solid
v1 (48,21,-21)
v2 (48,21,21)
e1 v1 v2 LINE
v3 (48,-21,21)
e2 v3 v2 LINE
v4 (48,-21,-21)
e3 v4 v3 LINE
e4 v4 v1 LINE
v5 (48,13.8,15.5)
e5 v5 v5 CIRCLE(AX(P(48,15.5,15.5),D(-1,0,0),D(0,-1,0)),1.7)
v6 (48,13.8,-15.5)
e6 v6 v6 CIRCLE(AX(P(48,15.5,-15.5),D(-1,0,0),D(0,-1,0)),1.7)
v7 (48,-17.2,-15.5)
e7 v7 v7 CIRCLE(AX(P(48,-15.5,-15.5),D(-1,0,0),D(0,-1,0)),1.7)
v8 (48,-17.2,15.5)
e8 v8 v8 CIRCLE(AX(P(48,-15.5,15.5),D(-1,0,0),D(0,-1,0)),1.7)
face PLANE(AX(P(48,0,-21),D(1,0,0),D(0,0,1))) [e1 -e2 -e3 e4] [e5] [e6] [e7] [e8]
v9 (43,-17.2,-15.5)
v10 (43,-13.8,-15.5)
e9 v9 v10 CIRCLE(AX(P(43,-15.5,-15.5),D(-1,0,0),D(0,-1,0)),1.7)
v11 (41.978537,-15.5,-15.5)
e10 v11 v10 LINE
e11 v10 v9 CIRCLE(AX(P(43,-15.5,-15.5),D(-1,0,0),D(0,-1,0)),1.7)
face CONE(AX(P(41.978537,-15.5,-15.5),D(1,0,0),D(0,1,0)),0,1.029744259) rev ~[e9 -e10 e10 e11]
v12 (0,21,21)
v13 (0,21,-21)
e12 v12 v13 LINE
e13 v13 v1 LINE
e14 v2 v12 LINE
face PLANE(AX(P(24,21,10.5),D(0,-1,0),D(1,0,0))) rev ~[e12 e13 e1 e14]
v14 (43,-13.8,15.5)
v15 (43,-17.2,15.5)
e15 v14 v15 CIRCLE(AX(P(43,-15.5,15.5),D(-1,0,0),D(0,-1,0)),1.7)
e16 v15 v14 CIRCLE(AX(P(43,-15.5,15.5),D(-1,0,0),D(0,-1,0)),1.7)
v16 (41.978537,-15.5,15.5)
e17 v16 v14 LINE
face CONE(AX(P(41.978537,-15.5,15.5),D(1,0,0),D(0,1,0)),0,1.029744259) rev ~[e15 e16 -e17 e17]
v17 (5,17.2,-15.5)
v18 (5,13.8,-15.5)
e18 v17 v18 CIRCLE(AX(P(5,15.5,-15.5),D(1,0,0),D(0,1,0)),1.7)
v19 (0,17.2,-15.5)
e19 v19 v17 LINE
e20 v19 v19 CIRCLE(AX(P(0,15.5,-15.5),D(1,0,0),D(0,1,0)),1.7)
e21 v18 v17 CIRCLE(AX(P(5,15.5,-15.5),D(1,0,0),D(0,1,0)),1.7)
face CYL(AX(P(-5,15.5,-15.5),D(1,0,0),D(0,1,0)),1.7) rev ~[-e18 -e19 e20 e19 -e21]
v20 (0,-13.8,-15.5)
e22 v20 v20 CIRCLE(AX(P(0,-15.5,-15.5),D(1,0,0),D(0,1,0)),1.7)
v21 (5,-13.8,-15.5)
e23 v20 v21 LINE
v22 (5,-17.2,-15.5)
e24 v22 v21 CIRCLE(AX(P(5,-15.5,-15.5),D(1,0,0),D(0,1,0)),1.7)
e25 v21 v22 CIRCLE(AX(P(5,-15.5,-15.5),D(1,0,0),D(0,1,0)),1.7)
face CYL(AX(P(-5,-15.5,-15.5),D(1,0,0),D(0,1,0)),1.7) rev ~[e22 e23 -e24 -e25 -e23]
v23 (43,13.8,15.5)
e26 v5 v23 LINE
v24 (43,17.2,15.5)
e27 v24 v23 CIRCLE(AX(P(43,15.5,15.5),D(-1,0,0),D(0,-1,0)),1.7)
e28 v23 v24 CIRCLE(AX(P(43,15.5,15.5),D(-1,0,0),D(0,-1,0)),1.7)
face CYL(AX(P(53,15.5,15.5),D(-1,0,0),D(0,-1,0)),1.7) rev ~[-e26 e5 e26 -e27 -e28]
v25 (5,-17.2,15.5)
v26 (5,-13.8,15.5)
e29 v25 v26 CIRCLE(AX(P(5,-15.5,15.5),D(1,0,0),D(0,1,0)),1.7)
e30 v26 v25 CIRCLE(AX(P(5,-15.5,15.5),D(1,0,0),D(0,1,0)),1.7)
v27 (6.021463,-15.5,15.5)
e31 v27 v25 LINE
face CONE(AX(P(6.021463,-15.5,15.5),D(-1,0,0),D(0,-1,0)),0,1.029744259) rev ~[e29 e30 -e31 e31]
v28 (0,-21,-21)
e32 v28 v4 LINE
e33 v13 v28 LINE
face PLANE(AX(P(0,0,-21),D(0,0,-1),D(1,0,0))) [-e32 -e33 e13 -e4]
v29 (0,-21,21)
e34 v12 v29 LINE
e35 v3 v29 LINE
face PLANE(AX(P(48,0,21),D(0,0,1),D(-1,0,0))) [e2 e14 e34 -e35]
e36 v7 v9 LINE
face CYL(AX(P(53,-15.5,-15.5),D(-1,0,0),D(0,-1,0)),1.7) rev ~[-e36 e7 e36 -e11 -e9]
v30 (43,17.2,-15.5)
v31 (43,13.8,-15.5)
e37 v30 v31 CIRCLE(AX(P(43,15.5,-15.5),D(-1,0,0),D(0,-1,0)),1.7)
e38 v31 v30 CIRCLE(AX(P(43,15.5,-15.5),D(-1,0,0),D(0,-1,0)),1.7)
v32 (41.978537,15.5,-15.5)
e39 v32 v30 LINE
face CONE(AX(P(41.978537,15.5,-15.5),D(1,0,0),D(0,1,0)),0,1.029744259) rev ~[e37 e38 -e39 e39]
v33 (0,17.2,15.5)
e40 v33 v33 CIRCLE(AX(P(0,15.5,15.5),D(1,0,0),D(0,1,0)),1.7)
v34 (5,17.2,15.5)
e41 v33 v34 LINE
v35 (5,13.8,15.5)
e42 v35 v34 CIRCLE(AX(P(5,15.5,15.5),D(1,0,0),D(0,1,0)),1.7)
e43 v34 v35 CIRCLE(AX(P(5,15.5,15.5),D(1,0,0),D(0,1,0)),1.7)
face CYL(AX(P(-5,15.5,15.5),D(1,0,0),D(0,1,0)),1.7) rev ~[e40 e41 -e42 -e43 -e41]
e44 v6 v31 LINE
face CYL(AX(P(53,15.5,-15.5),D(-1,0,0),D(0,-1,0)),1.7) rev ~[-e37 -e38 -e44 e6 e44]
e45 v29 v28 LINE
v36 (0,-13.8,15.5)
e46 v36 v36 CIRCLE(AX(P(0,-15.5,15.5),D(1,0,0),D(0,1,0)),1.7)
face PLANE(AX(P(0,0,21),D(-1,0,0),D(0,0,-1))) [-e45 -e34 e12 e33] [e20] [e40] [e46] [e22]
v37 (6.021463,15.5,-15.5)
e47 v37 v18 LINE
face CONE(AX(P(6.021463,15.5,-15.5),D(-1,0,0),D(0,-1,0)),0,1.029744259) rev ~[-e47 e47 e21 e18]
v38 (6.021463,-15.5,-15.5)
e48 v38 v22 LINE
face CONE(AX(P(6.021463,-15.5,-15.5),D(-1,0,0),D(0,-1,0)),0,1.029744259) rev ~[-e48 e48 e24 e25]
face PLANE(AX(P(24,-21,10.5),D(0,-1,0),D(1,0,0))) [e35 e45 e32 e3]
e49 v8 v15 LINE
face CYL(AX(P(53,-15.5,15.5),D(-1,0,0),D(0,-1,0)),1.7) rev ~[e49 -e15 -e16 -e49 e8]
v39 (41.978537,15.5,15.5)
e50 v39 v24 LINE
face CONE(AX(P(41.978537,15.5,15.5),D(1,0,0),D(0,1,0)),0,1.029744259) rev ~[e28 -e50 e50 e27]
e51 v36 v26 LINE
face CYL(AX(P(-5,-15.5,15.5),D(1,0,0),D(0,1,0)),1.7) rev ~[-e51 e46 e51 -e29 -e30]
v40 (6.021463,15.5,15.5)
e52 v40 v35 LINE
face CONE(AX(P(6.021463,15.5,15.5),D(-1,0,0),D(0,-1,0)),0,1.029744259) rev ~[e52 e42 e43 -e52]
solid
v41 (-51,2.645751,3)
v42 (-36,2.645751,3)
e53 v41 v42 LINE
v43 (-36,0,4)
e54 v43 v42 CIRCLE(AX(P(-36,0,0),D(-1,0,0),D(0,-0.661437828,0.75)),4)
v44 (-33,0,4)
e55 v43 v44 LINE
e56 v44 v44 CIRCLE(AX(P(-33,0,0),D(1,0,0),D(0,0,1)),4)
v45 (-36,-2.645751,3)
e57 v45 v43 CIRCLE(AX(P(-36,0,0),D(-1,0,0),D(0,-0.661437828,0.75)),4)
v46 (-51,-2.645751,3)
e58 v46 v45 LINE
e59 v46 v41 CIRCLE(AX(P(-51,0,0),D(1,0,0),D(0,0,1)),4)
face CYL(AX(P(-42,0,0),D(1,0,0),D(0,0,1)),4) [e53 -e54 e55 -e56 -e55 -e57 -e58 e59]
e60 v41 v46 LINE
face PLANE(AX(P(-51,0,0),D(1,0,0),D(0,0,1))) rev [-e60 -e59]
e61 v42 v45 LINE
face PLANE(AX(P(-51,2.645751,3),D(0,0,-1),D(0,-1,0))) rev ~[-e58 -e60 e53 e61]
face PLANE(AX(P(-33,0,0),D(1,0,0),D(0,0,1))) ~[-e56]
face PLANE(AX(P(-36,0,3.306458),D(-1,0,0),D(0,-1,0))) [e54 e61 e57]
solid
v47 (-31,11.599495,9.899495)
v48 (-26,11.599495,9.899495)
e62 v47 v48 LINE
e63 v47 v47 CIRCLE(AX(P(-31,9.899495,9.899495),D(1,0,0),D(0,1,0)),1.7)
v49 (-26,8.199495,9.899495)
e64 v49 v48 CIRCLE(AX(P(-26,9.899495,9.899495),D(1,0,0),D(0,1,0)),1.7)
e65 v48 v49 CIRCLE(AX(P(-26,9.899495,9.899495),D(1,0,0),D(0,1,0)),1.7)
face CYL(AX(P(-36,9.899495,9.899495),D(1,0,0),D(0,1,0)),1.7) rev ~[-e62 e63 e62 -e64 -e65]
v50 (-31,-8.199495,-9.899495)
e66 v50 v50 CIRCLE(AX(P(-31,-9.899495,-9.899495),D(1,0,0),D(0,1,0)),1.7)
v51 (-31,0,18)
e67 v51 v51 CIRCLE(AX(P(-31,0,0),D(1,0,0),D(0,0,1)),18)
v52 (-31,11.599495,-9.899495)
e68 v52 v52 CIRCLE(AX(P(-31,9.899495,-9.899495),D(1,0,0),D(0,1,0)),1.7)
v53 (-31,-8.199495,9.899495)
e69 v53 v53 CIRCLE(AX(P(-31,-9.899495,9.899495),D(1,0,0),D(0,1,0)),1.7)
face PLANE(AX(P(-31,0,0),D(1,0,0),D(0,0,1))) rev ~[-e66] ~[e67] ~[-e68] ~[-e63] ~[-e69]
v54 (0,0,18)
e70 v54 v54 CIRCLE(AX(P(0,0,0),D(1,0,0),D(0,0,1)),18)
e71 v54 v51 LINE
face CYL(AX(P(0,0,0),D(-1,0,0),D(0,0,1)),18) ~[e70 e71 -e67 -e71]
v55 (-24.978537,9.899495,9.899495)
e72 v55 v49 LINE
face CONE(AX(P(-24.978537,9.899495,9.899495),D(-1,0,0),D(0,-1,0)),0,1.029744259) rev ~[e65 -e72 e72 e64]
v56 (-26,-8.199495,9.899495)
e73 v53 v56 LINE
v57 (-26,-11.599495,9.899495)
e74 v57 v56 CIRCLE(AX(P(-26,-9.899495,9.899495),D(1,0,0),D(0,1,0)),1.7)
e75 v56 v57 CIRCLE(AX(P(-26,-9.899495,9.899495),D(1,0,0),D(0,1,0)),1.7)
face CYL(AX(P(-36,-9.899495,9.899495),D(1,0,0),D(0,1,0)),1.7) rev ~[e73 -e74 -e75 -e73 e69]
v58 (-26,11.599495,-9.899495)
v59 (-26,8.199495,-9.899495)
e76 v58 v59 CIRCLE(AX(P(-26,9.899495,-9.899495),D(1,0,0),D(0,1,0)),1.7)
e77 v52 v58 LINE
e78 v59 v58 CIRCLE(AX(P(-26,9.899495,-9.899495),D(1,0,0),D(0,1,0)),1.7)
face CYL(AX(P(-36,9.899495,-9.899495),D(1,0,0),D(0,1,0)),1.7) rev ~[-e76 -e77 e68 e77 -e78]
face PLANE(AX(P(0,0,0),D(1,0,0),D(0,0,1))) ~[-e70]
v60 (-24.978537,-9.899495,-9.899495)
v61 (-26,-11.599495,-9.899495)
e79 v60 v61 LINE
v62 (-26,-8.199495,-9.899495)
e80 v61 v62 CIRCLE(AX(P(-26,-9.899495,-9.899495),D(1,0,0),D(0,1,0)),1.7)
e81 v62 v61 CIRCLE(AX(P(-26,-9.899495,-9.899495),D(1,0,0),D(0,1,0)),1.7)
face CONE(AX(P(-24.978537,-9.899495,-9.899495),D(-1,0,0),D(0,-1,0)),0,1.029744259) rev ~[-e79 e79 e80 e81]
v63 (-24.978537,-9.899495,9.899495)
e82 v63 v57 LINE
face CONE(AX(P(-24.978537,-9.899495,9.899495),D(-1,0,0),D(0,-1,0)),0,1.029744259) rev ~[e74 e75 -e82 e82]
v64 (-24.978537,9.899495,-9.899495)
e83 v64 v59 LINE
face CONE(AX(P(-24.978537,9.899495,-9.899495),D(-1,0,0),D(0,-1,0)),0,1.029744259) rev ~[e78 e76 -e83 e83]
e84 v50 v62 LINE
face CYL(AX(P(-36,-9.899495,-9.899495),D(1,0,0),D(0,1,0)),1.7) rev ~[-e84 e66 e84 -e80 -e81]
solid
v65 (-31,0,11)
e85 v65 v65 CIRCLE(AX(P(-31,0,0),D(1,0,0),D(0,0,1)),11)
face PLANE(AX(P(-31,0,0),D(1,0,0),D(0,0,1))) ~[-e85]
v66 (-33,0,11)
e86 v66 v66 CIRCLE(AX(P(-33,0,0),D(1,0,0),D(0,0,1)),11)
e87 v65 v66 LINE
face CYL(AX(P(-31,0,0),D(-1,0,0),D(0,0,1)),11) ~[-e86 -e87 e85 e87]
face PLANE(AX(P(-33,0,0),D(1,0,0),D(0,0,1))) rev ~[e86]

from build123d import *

# Parameters (mm, degrees)
F1_DEPTH        = 21
F0_W            = 18
F0_H            = 4
F6_DEPTH        = 15
F10_D           = 3.4
F10_DEPTH       = 5
F10_TIP         = 1.0214630523
F10_ON_F7_D     = 3.4
F10_ON_F7_DEPTH = 5
F10_ON_F7_TIP   = 1.0214630523
F10_ON_F8_D     = 3.4
F10_ON_F8_DEPTH = 5
F10_ON_F8_TIP   = 1.0214630523


with BuildPart() as f1:
    # F0 (on Front) → F1 (new body, symmetric)
    with BuildSketch(Plane.XZ):
        Polygon((48, 21), (0, 21), (0, 18), (0, 0), (48, 0), align=None)
        Polygon((48, -21), (48, 0), (0, 0), (0, -18), (0, -21), align=None)
    extrude(amount=F1_DEPTH, both=True)

    # F10 on F7
    with Locations(Plane(origin=(0, 0, 0), x_dir=(0, -1, 0), z_dir=(-1, 0, 0))):
        with Locations((-15.5, 15.5), (15.5, 15.5), (15.5, -15.5), (-15.5, -15.5)):
            Hole(F10_ON_F7_D / 2, depth=F10_ON_F7_DEPTH)
            with Locations((0, 0, -(F10_ON_F7_DEPTH + F10_ON_F7_TIP / 2))):  # 118° drill point
                Cone(0, F10_ON_F7_D / 2, F10_ON_F7_TIP, mode=Mode.SUBTRACT)

    # F10 on F8
    with Locations(Plane.YZ.offset(48)):
        with Locations((-15.5, 15.5), (15.5, 15.5), (15.5, -15.5), (-15.5, -15.5)):
            Hole(F10_ON_F8_D / 2, depth=F10_ON_F8_DEPTH)
            with Locations((0, 0, -(F10_ON_F8_DEPTH + F10_ON_F8_TIP / 2))):  # 118° drill point
                Cone(0, F10_ON_F8_D / 2, F10_ON_F8_TIP, mode=Mode.SUBTRACT)


with BuildPart() as f2:
    # F0 (on Front) → F2 (revolve)
    with BuildSketch(Plane.XZ):
        Polygon((0, 0), (0, 18), (-31, 18), (-31, 11), (-31, 0), align=None)
    revolve(axis=Axis((48.0015884456, 0, 0), (1, 0, 0)))

    # F10
    with Locations(Plane(origin=(-31, 0, 0), x_dir=(0, -1, 0), z_dir=(-1, 0, 0))):
        with Locations((-9.8994949366, 9.8994949366), (9.8994949366, 9.8994949366), (9.8994949366, -9.8994949366), (-9.8994949366, -9.8994949366)):
            Hole(F10_D / 2, depth=F10_DEPTH)
            with Locations((0, 0, -(F10_DEPTH + F10_TIP / 2))):  # 118° drill point
                Cone(0, F10_D / 2, F10_TIP, mode=Mode.SUBTRACT)


with BuildPart() as f3:
    # F0 (on Front) → F3 (revolve)
    with BuildSketch(Plane.XZ):
        Polygon((-33, 0), (-31, 0), (-31, 11), (-33, 11), (-33, 4), align=None)
    revolve(axis=Axis((48.0015884456, 0, 0), (1, 0, 0)))


with BuildPart() as f4:
    # F0 (on Front) → F4 (revolve)
    with BuildSketch(Plane.XZ):
        with Locations((-42, 2)):
            Rectangle(F0_W, F0_H)
    revolve(axis=Axis((48.0015884456, 0, 0), (1, 0, 0)))

    # F5 (on face) → F6 (cut)
    with BuildSketch(Plane(origin=(-51, 0, 0), x_dir=(0, -1, 0), z_dir=(-1, 0, 0))):
        with BuildLine():
            ThreePointArc((2.6457513111, 3), (0, 4), (-2.6457513111, 3))
            Line((-2.6457513111, 3), (2.6457513111, 3))
        make_face()
    extrude(amount=-F6_DEPTH, mode=Mode.SUBTRACT)


solid = Compound([f1.part, f2.part, f3.part, f4.part])
